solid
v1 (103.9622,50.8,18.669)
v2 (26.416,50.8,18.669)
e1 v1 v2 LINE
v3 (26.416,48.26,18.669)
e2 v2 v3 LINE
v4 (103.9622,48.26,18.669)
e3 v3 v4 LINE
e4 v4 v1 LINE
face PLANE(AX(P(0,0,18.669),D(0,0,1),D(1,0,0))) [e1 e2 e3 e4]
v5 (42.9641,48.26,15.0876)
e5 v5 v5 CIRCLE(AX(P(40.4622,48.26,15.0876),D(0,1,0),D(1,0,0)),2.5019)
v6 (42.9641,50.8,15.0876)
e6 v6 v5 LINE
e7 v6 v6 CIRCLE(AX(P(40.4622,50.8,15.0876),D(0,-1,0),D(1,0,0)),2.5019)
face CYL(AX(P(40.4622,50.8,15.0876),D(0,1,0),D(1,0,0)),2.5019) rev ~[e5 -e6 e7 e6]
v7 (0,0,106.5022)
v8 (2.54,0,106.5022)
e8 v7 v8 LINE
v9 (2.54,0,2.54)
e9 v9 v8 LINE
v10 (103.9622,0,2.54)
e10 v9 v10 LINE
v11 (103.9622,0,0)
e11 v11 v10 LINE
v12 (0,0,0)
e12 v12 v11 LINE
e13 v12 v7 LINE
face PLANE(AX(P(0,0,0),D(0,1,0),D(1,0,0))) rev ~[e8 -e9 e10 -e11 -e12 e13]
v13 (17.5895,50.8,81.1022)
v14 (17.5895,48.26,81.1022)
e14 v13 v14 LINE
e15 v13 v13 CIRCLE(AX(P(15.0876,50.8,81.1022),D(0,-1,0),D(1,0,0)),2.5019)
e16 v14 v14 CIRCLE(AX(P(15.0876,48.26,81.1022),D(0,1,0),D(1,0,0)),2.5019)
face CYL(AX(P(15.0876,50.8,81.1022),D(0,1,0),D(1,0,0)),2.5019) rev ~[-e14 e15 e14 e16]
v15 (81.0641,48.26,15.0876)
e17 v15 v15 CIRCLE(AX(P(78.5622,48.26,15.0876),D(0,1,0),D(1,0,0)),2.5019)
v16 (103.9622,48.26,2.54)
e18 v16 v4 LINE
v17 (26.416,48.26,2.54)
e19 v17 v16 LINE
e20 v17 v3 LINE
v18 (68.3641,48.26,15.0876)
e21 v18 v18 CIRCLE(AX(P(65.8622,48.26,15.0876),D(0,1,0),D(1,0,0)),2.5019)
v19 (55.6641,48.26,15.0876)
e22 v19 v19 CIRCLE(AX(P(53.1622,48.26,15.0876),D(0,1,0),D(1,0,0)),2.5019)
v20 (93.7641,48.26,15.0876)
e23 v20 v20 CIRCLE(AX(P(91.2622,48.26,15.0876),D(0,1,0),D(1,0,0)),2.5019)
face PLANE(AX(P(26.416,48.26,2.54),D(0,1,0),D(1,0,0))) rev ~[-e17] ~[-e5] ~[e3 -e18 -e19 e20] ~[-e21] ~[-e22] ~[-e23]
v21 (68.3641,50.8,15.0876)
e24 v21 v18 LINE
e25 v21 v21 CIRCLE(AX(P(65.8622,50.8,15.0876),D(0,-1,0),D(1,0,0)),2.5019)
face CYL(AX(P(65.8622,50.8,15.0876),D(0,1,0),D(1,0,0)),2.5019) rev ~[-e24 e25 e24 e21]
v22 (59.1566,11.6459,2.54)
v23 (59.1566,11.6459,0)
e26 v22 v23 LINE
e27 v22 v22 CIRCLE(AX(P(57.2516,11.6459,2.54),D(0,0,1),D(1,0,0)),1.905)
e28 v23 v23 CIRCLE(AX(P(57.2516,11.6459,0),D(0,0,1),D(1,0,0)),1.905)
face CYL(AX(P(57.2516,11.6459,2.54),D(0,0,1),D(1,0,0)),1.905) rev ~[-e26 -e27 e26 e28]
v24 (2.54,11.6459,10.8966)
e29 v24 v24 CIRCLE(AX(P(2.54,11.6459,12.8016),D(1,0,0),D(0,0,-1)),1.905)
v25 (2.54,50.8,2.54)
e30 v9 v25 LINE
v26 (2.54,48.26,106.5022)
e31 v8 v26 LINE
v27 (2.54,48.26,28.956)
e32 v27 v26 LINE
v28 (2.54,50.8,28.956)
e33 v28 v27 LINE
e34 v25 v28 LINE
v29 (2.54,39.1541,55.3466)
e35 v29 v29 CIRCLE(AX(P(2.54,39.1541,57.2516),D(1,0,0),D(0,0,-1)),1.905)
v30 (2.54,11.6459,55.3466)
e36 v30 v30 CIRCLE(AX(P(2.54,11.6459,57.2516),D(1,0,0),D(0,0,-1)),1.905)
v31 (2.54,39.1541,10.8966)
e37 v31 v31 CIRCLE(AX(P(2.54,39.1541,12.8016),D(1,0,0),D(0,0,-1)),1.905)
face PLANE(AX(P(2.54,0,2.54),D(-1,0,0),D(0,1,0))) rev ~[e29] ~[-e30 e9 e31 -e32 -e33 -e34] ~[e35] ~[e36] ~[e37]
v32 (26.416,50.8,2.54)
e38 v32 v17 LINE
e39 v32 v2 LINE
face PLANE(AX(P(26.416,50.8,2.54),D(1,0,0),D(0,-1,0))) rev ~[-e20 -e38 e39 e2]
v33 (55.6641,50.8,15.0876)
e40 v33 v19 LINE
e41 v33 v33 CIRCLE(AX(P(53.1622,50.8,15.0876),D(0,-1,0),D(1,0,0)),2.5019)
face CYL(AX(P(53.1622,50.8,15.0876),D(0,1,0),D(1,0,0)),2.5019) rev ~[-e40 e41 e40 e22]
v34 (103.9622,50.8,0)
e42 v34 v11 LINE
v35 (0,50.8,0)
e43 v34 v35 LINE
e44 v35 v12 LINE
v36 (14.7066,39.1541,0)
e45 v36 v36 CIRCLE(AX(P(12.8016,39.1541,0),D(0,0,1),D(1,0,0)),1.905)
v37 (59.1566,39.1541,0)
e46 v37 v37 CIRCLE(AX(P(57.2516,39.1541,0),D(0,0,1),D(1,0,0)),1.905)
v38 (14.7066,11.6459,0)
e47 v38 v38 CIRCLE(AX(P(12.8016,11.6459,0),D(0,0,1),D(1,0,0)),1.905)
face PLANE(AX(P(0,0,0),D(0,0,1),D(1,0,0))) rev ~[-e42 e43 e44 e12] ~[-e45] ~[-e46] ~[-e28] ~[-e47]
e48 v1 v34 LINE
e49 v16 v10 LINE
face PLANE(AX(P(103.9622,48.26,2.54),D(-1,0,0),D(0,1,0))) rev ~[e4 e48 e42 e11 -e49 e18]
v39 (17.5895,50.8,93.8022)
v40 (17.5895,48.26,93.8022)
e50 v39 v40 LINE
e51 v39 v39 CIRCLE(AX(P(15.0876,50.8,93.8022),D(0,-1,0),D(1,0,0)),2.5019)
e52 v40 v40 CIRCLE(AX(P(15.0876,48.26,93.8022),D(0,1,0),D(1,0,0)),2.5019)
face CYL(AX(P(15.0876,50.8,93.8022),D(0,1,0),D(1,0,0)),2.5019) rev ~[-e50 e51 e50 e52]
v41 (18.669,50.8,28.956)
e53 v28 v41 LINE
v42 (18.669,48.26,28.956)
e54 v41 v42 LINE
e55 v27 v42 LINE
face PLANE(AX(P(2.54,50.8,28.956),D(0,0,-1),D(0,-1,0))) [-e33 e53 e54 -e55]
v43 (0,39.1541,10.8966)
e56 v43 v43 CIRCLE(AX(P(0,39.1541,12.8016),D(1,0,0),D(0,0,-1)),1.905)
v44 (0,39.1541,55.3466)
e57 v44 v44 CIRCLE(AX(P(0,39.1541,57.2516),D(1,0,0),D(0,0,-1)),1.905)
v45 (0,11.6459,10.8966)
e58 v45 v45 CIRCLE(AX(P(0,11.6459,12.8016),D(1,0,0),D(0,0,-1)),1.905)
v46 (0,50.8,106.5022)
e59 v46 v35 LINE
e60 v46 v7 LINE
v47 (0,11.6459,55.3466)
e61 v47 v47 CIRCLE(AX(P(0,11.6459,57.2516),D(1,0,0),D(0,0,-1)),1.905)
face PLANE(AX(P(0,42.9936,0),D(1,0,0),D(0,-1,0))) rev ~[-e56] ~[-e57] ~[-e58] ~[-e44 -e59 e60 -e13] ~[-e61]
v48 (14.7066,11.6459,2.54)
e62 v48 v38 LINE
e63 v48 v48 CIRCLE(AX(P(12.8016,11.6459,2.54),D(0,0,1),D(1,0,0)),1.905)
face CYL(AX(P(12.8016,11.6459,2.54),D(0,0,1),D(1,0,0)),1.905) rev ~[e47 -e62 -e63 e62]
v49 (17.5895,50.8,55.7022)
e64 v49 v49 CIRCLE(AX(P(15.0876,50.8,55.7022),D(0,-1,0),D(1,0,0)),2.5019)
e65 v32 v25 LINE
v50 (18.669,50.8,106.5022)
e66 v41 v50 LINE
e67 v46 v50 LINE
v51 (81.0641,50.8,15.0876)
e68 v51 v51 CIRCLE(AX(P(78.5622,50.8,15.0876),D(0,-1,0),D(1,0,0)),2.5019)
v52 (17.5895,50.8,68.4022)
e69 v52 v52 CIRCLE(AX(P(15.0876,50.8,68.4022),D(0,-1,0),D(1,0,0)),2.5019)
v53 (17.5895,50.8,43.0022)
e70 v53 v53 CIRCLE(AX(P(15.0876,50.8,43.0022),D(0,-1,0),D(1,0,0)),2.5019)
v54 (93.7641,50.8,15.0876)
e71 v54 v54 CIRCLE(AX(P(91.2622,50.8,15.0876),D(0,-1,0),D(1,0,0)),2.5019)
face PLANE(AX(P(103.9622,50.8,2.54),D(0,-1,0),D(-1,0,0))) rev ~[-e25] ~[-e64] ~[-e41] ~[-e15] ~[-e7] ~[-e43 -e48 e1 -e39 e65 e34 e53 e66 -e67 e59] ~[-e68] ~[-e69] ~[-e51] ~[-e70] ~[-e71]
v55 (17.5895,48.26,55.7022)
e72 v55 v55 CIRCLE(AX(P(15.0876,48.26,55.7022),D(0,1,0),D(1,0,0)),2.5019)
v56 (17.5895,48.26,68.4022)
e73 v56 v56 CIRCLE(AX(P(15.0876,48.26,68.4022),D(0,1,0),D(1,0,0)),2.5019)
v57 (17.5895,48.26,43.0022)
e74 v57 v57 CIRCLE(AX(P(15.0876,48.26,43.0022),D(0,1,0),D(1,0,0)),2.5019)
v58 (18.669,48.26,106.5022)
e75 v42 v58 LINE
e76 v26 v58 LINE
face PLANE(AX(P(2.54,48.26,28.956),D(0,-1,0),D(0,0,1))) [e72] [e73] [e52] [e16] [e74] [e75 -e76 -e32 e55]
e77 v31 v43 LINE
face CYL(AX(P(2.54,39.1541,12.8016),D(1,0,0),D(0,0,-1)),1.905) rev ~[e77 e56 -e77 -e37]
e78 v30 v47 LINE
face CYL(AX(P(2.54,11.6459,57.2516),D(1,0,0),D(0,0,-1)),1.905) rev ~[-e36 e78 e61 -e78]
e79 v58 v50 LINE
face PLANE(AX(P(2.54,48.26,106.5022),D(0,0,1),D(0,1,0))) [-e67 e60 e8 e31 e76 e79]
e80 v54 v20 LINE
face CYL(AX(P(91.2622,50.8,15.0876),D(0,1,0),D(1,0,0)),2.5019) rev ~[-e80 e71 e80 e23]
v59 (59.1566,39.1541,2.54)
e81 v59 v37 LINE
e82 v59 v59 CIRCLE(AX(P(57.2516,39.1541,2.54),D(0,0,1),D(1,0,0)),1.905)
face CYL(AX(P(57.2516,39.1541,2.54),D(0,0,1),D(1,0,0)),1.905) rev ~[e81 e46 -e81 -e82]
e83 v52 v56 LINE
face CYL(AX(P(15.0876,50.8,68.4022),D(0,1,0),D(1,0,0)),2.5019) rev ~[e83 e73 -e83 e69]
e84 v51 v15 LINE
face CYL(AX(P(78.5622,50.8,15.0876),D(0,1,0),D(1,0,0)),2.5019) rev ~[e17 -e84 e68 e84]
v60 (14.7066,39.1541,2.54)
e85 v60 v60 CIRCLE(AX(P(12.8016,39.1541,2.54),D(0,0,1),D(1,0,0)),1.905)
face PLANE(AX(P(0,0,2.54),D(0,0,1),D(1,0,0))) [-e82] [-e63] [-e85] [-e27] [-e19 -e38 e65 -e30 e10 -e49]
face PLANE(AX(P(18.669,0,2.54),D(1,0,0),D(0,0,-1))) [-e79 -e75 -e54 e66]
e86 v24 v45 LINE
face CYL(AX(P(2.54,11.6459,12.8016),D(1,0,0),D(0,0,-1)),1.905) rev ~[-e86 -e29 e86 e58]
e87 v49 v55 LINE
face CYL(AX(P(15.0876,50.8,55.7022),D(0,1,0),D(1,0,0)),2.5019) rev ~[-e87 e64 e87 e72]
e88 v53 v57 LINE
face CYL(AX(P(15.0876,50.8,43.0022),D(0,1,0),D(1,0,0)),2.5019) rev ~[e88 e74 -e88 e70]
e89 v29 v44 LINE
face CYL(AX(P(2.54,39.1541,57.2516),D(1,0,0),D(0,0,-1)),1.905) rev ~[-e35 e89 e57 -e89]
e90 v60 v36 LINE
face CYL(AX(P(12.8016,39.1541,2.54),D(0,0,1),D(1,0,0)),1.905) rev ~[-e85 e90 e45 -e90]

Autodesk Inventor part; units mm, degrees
ref_plane "YZ Plane" through (0, 0, 0) normal (1, 0, 0) x (0, 1, 0)
ref_plane "XZ Plane" through (0, 0, 0) normal (0, 1, 0) x (-1, 0, 0)
ref_plane "XY Plane" through (0, 0, 0) normal (0, 0, 1) x (1, 0, 0)
sketch "Sketch1" plane through (0, 0, 0) normal (0, 0, 1) x (1, 0, 0)
  line L0 (0, 0) -> (103.9622, 0)
  line L1 (103.9622, 0) -> (103.9622, 50.8)
  line L2 (103.9622, 50.8) -> (0, 50.8)
  line L3 (0, 50.8) -> (0, 0)
  line L4 (0, 50.8) -> (103.9622, 50.8)
  line L5 (103.9622, 50.8) -> (103.9622, 42.9936)
  line L6 (0, 42.9936) -> (0, 50.8)
  dimension "d4" = 103.9622
  dimension "d5" = 50.8
extrude "Extrusion1" add sketch "Sketch1" along normal blind 2.54
sketch "Sketch6" plane through (0, 0, 2.54) normal (0, 0, 1) x (1, 0, 0)
  line L0 (103.9622, 0) -> (103.9622, 50.8) projected
  line L1 (103.9622, 50.8) -> (0, 50.8) projected
  line L2 (0, 50.8) -> (0, 0) projected
  line L3 (0, 0) -> (103.9622, 0) projected
  line L4 (0, 0) -> (2.54, 0)
  line L5 (2.54, 0) -> (2.54, 50.8)
  line L6 (2.54, 50.8) -> (0, 50.8)
  line L7 (0, 50.8) -> (0, 0)
  dimension "d23" = 2.54
  dimension "d24" = 50.8
extrude "Extrusion5" add sketch "Sketch6" along normal blind 103.9622 contours L3 L2 L1 L5
sketch "Sketch7" plane through (2.54, 0, 2.54) normal (1, 0, 0) x (0, 0, -1)
  line L0 (0, 50.8) -> (0, 0) projected
  line L1 (0, 50.8) -> (-103.9622, 50.8) projected
  line L2 (-103.9622, 0) -> (-103.9622, 50.8) projected
  line L3 (0, 0) -> (-103.9622, 0) projected
  line L4 (2.54, 0) -> (2.54, 50.8) projected
  line L5 (2.54, 50.8) -> (0, 50.8) projected
  line L6 (0, 0) -> (0, 50.8) projected
  line L7 (2.54, 0) -> (0, 0) projected
  line L8 (0, 50.8) -> (0, 0) projected
  line L9 (0, 50.8) -> (-103.9622, 50.8) projected
  line L10 (-103.9622, 0) -> (-103.9622, 50.8) projected
  line L11 (0, 0) -> (-103.9622, 0) projected
  circle A0 centre (-10.2616, 39.1541) radius 1.905
  circle A1 centre (-10.2616, 11.6459) radius 1.905
  circle A2 centre (-54.7116, 39.1541) radius 1.905
  circle A3 centre (-54.7116, 11.6459) radius 1.905
  dimension "d27" = 3.81
  dimension "d28" = 11.6459
  dimension "d29" = 10.2616
  dimension "d30" = 3.81
  dimension "d31" = 11.6459
  dimension "d32" = 3.81
  dimension "d33" = 3.81
  dimension "d34" = 44.45
  dimension "d35" = 44.45
  dimension "d36" = 11.6459
  dimension "d37" = 10.2616
  dimension "d38" = 11.6459
extrude "Extrusion6" cut sketch "Sketch7" against normal through all contours A0 | A1 | A2 | A3
sketch "Sketch8" plane through (0, 0, 2.54) normal (0, 0, 1) x (1, 0, 0)
  circle A0 centre (12.8016, 39.1541) radius 1.905
  circle A1 centre (12.8016, 11.6459) radius 1.905
  circle A2 centre (57.2516, 39.1541) radius 1.905
  circle A3 centre (57.2516, 11.6459) radius 1.905
  line L0 (103.9622, 50.8) -> (2.54, 50.8) projected
  line L1 (2.54, 0) -> (103.9622, 0) projected
  line L2 (2.54, 0) -> (2.54, 50.8) projected
  line L3 (103.9622, 50.8) -> (26.416, 50.8)
  line L4 (26.416, 50.8) -> (26.416, 48.26)
  line L5 (26.416, 48.26) -> (103.9622, 48.26)
  line L6 (103.9622, 48.26) -> (103.9622, 50.8)
  line L7 (2.54, 13.5509) -> (2.54, 9.7409) projected
  line L8 (2.54, 41.0591) -> (2.54, 37.2491) projected
  line L9 (2.54, 13.5509) -> (2.54, 9.7409) projected
  line L10 (2.54, 41.0591) -> (2.54, 37.2491) projected
  line L11 (2.54, 50.8) -> (2.54, 0) projected
  line L12 (2.54, 0) -> (2.54, 50.8) projected
  line L13 (2.54, 13.5509) -> (2.54, 9.7409) projected
  line L14 (2.54, 41.0591) -> (2.54, 37.2491) projected
  line L15 (2.54, 13.5509) -> (2.54, 9.7409) projected
  line L16 (2.54, 41.0591) -> (2.54, 37.2491) projected
  line L17 (2.54, 50.8) -> (2.54, 0) projected
  line L18 (2.54, 0) -> (2.54, 50.8) projected
  point P0 (0, 0)
  dimension "d41" = 3.81
  dimension "d42" = 3.81
  dimension "d43" = 3.81
  dimension "d44" = 3.81
  dimension "d45" = 11.6459
  dimension "d46" = 11.6459
  dimension "d47" = 11.6459
  dimension "d48" = 11.6459
  dimension "d49" = 10.2616
  dimension "d50" = 10.2616
  dimension "d51" = 44.45
  dimension "d52" = 44.45
  dimension "d55" = 77.5462
  dimension "d56" = 2.54
extrude "Extrusion7" cut sketch "Sketch8" against normal through all contours A0 | A1 | A2 | A3
sketch "Sketch9" plane through (2.54, 0, 2.54) normal (1, 0, 0) x (0, 0, -1)
  circle A0 centre (-54.7116, 11.6459) radius 1.905 projected
  circle A1 centre (-54.7116, 39.1541) radius 1.905 projected
  circle A2 centre (-10.2616, 11.6459) radius 1.905 projected
  circle A3 centre (-10.2616, 39.1541) radius 1.905 projected
  line L0 (0, 50.8) -> (0, 0) projected
  line L1 (0, 50.8) -> (-103.9622, 50.8) projected
  line L2 (-103.9622, 0) -> (-103.9622, 50.8) projected
  line L3 (0, 0) -> (-103.9622, 0) projected
  line L4 (-103.9622, 50.8) -> (-26.416, 50.8)
  line L5 (-26.416, 50.8) -> (-26.416, 48.26)
  line L6 (-26.416, 48.26) -> (-103.9622, 48.26)
  line L7 (-103.9622, 48.26) -> (-103.9622, 50.8)
  point P0 (2.54, 0)
  point P1 (-26.416, 50.8)
  dimension "d57" = 77.5462
  dimension "d58" = 2.54
extrude "Extrusion8" add sketch "Sketch9" along normal blind 16.129 contours L5 L6 L2 L1
sketch "Sketch10" plane through (0, 0, 2.54) normal (0, 0, 1) x (1, 0, 0)
  circle A0 centre (12.8016, 11.6459) radius 1.905 projected
  circle A1 centre (57.2516, 39.1541) radius 1.905 projected
  circle A2 centre (57.2516, 11.6459) radius 1.905 projected
  circle A3 centre (12.8016, 39.1541) radius 1.905 projected
  line L0 (2.54, 50.8) -> (2.54, 0) projected
  line L1 (2.54, 0) -> (103.9622, 0) projected
  line L2 (103.9622, 0) -> (103.9622, 50.8) projected
  line L3 (103.9622, 50.8) -> (2.54, 50.8) projected
  line L4 (103.9622, 50.8) -> (26.416, 50.8)
  line L5 (26.416, 50.8) -> (26.416, 48.26)
  line L6 (26.416, 48.26) -> (103.9622, 48.26)
  line L7 (103.9622, 48.26) -> (103.9622, 50.8)
  point P0 (0, 0)
  dimension "d61" = 77.5462
  dimension "d62" = 2.54
extrude "Extrusion9" add sketch "Sketch10" along normal blind 16.129 contours L3 L2 L6 L5
sketch "Sketch11" plane through (0, 50.8, 0) normal (0, 1, 0) x (1, 0, 0)
  line L0 (103.9622, 0) -> (0, 0) projected
  line L1 (0, 0) -> (0, -106.5022) projected
  line L2 (0, -106.5022) -> (18.669, -106.5022) projected
  line L3 (18.669, -28.956) -> (18.669, -106.5022) projected
  line L4 (2.54, -28.956) -> (18.669, -28.956) projected
  line L5 (2.54, -2.54) -> (2.54, -28.956) projected
  line L6 (26.416, -2.54) -> (2.54, -2.54) projected
  line L7 (26.416, -2.54) -> (26.416, -18.669) projected
  line L8 (103.9622, -18.669) -> (26.416, -18.669) projected
  line L9 (103.9622, 0) -> (103.9622, -18.669) projected
  line L10 (15.0876, -28.956) -> (15.0876, -106.5022)
  circle A0 centre (15.0876, -93.8022) radius 2.5019
  circle A1 centre (15.0876, -81.1022) radius 2.5019
  circle A2 centre (15.0876, -68.4022) radius 2.5019
  circle A3 centre (15.0876, -55.7022) radius 2.5019
  circle A4 centre (15.0876, -43.0022) radius 2.5019
  line L11 (26.416, -15.0876) -> (103.9622, -15.0876)
  circle A5 centre (91.2622, -15.0876) radius 2.5019
  circle A6 centre (78.5622, -15.0876) radius 2.5019
  circle A7 centre (65.8622, -15.0876) radius 2.5019
  circle A8 centre (53.1622, -15.0876) radius 2.5019
  circle A9 centre (40.4622, -15.0876) radius 2.5019
  point P0 (0, 0)
  dimension "d65" = 3.5814
  dimension "d66" = 5.0038
  dimension "d67" = 12.7
  dimension "d70" = 12.7
  dimension "d75" = 3.5814
  dimension "d76" = 5.0038
  dimension "d77" = 12.7
  dimension "d80" = 12.7
extrude "Extrusion10" cut sketch "Sketch11" against normal blind 16.129 contours A5 L11 | L11 A5 | A0 L10 | L10 A0 | A6 L11 | L11 A6 | A9 L11 | L11 A9 | A1 L10 | L10 A1 | A7 L11 | L11 A7 | A4 L10 | L10 A4 | A8 L11 | L11 A8 | A2 L10 | L10 A2 | A3 L10 | L10 A3
properties part number "BDVBS_002_Brachet 2" material "Aluminum 6061"
